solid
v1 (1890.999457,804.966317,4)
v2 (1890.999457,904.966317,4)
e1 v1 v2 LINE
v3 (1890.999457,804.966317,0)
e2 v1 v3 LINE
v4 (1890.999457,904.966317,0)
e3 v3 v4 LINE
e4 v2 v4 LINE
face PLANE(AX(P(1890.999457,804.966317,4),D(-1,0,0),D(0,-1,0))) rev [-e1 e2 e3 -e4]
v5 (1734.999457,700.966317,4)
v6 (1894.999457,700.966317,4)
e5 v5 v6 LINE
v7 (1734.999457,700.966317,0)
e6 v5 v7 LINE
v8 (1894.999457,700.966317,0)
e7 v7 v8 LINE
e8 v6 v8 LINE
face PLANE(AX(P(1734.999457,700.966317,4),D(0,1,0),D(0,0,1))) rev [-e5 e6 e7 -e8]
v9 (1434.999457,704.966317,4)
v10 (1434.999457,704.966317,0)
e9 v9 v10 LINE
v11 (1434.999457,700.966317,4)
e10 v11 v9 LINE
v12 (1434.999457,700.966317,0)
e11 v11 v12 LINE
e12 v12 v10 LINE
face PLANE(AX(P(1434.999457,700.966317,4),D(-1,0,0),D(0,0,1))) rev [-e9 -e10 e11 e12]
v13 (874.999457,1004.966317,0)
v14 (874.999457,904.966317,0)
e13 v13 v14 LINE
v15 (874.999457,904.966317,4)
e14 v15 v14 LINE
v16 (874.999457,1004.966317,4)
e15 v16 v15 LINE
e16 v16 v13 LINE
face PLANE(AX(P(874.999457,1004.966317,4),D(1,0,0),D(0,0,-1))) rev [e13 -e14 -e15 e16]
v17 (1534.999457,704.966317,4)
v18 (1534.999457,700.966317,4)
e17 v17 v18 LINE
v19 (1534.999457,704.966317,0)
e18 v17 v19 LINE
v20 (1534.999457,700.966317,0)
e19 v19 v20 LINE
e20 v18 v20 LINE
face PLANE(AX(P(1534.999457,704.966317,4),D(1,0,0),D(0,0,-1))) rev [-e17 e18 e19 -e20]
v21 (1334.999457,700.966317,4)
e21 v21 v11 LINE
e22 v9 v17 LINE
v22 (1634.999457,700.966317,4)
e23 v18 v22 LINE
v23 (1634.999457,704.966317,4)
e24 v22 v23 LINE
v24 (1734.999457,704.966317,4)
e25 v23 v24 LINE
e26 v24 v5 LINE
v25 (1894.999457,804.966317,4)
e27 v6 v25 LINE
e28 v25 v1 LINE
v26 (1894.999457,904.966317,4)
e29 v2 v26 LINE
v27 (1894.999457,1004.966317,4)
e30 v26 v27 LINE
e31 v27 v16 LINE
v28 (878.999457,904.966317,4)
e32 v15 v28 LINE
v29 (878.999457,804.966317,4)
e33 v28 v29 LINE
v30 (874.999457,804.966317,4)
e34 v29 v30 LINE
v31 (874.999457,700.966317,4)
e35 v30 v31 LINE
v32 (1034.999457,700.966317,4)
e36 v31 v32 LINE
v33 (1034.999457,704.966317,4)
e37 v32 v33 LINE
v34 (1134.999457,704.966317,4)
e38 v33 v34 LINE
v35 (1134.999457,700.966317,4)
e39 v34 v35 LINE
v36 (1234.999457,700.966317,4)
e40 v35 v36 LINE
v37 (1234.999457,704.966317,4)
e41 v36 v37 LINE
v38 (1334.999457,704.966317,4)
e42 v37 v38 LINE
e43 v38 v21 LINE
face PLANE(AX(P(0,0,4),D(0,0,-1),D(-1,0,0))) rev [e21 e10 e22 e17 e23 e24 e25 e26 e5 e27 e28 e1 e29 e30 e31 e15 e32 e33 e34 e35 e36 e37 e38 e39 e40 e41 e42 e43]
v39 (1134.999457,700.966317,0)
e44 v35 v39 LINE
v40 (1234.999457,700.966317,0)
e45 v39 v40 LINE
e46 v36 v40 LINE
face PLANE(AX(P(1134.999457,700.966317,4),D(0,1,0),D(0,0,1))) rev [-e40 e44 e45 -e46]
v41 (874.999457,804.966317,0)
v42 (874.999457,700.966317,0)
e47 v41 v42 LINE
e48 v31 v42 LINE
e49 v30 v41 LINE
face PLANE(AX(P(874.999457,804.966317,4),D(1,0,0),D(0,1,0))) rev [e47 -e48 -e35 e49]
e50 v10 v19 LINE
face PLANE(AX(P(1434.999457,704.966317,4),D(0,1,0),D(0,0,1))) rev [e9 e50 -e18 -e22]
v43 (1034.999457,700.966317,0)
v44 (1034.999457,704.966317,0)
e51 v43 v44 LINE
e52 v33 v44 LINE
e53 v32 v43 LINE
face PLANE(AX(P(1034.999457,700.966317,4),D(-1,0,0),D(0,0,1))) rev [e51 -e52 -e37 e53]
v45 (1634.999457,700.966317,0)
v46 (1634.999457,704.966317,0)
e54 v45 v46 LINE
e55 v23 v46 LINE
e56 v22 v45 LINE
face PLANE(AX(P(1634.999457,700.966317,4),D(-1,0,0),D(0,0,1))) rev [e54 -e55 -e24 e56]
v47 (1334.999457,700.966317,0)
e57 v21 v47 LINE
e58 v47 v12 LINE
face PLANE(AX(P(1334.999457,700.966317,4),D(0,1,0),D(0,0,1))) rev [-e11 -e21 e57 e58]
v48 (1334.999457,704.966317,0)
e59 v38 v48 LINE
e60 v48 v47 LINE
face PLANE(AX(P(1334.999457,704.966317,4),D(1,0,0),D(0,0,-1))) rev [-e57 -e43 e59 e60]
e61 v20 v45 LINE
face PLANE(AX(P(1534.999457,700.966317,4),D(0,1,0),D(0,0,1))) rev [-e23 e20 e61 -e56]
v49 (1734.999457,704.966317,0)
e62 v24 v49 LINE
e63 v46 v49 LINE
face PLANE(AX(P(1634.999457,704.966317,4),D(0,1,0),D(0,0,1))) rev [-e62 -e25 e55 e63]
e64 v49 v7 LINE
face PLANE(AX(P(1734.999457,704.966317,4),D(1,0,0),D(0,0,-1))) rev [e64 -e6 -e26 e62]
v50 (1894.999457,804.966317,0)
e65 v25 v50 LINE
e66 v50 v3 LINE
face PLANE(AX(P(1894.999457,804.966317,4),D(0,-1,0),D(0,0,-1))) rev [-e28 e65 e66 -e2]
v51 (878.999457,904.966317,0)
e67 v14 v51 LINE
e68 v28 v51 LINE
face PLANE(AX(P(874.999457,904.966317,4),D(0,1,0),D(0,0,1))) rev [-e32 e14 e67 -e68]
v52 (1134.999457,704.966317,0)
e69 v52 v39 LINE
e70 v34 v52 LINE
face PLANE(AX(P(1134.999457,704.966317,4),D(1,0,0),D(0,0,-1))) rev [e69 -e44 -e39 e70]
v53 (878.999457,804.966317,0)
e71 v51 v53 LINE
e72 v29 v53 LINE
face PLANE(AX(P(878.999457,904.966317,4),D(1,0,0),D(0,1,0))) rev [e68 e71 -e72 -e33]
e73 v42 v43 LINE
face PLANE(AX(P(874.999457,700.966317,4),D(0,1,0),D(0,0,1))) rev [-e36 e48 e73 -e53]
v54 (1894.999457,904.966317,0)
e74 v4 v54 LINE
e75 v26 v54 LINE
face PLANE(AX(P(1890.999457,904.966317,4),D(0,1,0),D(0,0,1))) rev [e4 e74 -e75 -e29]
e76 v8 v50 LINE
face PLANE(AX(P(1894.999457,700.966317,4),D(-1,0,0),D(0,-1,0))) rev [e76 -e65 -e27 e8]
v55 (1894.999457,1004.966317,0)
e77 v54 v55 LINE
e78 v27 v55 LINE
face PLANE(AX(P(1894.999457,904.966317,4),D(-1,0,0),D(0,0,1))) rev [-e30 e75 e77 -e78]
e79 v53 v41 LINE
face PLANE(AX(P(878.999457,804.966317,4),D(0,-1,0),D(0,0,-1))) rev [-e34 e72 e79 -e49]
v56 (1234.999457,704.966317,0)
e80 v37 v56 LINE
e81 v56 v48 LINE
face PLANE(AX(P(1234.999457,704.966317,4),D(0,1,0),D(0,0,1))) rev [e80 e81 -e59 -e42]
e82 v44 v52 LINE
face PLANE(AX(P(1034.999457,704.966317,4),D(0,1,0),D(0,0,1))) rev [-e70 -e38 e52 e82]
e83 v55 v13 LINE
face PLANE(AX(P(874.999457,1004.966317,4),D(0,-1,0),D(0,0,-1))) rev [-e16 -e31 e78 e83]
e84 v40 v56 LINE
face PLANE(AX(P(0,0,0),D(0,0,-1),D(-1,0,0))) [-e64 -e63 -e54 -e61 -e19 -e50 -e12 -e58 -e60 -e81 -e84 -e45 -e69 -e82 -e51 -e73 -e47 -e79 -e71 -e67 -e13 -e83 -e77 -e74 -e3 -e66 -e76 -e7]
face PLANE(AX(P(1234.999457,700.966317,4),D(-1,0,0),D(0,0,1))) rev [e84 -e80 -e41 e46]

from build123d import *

# Parameters (mm, degrees)
EXTRUDE_1_DEPTH = 4


with BuildPart() as part:
    # 草图1 → 凸台-拉伸1 (new body)
    with BuildSketch(Plane.XY):
        Polygon((878.999456567, 804.966316801), (874.999456567, 804.966316801), (874.999456567, 700.966316801), (1034.999456567, 700.966316801), (1034.999456567, 704.966316801), (1134.999456567, 704.966316801), (1134.999456567, 700.966316801), (1234.999456567, 700.966316801), (1234.999456567, 704.966316801), (1334.999456567, 704.966316801), (1334.999456567, 700.966316801), (1434.999456567, 700.966316801), (1434.999456567, 704.966316801), (1534.999456567, 704.966316801), (1534.999456567, 700.966316801), (1634.999456567, 700.966316801), (1634.999456567, 704.966316801), (1734.999456567, 704.966316801), (1734.999456567, 700.966316801), (1894.999456567, 700.966316801), (1894.999456567, 804.966316801), (1890.999456567, 804.966316801), (1890.999456567, 904.966316801), (1894.999456567, 904.966316801), (1894.999456567, 1004.966316801), (874.999456567, 1004.966316801), (874.999456567, 904.966316801), (878.999456567, 904.966316801), align=None)
    extrude(amount=EXTRUDE_1_DEPTH)


solid = part.part
